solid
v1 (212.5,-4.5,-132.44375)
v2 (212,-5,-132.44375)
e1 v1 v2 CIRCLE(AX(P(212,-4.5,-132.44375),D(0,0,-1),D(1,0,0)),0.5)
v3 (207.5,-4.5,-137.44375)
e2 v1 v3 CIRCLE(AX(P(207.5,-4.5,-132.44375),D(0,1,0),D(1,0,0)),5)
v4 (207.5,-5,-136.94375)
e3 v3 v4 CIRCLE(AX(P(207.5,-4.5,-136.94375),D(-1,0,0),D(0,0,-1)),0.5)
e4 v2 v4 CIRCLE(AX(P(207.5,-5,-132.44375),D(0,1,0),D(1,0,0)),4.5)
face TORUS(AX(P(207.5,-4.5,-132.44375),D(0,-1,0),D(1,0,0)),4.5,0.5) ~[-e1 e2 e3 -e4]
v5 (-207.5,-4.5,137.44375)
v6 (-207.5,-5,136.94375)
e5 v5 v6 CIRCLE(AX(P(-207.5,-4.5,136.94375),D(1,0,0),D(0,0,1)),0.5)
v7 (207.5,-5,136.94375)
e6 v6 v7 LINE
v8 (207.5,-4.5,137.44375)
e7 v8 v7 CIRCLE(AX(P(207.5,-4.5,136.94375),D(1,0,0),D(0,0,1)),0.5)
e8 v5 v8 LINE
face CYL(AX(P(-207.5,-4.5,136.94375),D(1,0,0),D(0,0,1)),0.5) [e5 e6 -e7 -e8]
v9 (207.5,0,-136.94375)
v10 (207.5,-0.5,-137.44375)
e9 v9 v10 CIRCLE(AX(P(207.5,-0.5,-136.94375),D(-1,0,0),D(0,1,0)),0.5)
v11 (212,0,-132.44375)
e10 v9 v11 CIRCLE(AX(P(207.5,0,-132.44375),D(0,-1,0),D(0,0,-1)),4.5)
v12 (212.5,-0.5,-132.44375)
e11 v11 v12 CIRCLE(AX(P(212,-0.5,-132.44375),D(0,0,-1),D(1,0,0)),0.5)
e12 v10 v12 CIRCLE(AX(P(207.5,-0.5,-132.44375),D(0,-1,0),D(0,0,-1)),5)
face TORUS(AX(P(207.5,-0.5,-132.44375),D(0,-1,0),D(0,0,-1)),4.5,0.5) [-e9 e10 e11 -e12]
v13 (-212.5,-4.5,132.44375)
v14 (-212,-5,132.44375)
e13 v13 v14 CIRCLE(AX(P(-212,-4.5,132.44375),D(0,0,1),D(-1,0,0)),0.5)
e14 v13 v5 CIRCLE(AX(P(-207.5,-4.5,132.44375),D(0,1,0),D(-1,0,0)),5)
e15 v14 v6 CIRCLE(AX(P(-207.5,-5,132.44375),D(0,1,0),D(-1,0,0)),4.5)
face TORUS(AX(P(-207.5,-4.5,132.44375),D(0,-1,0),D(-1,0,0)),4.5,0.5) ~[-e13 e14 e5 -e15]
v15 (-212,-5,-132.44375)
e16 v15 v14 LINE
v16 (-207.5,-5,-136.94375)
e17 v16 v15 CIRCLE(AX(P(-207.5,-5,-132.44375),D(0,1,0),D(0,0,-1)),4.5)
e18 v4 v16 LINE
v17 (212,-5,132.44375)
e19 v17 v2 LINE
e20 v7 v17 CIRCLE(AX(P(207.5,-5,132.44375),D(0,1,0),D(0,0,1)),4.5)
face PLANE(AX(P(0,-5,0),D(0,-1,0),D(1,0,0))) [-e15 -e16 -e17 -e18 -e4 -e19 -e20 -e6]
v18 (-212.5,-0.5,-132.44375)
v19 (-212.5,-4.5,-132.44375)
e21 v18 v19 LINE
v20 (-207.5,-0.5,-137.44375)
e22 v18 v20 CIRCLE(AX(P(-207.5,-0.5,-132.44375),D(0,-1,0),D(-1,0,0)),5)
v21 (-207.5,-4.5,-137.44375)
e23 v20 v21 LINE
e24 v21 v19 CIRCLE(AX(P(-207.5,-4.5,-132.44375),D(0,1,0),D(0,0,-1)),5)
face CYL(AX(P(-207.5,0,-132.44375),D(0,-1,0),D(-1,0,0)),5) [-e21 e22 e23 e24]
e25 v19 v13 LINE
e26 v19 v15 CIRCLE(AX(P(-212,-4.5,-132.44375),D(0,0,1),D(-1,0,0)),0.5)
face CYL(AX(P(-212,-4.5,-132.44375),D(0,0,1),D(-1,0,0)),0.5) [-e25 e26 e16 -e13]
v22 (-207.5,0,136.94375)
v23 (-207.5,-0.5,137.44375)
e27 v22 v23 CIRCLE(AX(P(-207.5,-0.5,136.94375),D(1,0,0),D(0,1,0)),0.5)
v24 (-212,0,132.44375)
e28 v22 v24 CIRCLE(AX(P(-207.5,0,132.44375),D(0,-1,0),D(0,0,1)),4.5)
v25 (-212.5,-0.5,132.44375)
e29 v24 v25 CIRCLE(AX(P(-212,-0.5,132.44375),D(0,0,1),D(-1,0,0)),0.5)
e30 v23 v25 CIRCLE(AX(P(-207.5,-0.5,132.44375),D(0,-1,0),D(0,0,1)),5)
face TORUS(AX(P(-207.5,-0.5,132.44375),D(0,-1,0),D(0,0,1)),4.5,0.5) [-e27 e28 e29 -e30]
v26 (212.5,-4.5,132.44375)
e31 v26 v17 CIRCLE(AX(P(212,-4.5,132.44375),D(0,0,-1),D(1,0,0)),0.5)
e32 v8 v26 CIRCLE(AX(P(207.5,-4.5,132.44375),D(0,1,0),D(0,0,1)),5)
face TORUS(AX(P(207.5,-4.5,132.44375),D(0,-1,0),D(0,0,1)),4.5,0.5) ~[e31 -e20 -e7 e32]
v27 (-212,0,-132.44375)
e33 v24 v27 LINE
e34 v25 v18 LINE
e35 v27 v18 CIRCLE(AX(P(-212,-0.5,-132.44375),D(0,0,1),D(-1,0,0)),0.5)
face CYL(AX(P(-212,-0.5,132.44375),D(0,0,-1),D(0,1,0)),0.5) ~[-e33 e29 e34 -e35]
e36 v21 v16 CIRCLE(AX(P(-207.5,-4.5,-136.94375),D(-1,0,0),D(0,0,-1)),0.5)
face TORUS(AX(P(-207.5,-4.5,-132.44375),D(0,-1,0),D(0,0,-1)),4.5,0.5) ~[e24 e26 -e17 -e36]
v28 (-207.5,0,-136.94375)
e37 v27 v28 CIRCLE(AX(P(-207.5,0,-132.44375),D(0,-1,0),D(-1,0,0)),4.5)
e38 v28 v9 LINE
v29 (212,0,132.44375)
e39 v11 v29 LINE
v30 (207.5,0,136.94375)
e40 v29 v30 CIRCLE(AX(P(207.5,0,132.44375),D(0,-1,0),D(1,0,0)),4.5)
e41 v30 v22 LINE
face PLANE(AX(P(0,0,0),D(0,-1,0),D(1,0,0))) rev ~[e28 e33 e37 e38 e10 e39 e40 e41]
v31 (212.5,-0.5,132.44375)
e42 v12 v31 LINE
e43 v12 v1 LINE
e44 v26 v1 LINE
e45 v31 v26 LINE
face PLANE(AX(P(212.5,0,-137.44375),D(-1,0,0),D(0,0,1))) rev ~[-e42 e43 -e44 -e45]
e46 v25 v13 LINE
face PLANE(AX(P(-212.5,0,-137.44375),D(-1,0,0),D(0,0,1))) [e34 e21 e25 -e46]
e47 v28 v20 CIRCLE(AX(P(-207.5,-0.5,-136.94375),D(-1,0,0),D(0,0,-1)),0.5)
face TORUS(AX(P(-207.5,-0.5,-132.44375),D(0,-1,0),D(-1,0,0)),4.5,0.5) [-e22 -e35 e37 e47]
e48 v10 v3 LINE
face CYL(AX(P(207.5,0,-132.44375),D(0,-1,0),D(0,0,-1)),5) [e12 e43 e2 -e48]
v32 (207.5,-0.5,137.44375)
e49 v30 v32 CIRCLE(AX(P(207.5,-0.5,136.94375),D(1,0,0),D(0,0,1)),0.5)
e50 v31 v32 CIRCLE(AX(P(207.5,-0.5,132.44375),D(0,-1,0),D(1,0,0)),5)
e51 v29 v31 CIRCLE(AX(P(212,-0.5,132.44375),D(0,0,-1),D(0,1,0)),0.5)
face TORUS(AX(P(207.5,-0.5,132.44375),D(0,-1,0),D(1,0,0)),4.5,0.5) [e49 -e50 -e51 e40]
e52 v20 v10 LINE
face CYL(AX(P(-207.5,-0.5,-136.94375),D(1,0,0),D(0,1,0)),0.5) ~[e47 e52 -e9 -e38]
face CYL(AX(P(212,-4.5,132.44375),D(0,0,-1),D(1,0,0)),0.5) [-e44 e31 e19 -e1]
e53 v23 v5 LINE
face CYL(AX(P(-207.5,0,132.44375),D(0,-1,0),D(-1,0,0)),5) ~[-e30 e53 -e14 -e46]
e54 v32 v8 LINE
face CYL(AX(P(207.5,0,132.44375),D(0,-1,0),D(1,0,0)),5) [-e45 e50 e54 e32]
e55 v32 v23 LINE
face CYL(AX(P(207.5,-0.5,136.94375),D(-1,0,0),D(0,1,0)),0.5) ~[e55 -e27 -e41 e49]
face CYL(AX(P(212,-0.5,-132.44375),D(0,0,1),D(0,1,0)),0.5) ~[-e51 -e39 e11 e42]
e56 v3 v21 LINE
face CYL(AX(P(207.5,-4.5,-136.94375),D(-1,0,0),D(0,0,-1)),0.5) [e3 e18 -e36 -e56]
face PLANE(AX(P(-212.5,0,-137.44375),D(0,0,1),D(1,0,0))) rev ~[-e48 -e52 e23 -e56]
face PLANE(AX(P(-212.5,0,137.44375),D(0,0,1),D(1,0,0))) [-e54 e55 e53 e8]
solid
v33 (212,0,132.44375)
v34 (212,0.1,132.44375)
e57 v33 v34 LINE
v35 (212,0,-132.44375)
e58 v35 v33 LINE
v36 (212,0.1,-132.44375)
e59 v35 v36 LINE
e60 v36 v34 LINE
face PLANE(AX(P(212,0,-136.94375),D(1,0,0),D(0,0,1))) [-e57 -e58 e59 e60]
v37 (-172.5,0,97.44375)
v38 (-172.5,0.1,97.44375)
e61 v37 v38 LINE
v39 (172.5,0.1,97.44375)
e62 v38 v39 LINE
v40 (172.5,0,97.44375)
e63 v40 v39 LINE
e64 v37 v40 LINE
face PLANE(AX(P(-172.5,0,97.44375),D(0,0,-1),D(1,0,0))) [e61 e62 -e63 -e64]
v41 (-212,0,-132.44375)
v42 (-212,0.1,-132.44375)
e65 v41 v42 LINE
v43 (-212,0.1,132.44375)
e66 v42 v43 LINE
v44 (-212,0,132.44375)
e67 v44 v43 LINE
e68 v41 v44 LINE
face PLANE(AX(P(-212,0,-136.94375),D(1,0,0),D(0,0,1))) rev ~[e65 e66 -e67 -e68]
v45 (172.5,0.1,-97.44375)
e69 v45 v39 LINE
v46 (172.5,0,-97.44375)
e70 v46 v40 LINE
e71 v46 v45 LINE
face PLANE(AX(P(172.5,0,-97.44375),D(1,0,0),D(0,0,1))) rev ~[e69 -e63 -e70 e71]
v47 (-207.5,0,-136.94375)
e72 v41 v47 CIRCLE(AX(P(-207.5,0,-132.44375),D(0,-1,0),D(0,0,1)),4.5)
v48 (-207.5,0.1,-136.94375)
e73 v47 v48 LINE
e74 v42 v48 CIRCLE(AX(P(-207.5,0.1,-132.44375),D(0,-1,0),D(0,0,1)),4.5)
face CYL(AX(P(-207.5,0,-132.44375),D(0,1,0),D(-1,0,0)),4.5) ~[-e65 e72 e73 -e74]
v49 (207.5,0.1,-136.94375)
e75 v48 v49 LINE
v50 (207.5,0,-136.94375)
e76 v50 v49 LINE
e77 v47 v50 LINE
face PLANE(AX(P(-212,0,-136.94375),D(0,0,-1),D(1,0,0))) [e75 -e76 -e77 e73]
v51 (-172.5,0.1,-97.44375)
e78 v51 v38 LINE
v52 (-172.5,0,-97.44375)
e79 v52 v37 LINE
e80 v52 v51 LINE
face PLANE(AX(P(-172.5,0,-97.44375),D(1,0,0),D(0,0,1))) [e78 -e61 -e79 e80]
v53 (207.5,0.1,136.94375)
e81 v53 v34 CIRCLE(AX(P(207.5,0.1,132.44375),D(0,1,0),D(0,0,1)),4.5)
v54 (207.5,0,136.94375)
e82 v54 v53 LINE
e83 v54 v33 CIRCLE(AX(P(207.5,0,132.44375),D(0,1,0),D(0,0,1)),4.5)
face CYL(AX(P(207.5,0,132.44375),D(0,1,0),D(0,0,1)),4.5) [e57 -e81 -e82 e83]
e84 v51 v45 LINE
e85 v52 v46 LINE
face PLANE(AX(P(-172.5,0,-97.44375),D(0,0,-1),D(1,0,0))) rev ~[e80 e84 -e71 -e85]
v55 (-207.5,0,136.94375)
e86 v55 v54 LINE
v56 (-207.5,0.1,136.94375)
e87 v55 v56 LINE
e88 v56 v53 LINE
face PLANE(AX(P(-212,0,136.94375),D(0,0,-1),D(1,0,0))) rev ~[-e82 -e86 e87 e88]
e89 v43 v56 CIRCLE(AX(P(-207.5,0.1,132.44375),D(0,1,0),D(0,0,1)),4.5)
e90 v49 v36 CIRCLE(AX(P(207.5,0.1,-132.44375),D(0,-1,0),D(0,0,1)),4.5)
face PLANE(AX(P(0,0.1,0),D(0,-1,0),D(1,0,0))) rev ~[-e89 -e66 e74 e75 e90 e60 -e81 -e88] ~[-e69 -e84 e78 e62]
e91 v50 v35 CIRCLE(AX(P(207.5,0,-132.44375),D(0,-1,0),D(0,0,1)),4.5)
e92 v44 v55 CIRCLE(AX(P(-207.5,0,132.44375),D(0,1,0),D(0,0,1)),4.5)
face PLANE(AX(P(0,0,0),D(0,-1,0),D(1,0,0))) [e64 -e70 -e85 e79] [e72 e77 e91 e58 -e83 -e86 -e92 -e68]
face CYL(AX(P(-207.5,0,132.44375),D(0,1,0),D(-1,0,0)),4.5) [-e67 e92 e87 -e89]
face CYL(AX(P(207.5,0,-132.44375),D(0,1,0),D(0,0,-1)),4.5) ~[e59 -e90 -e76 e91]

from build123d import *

# Parameters (mm, degrees)
F0_W     = 425
F0_H     = 274.8874998557
F0_W_2   = 345
F0_H_2   = 194.8874998557
F1_DEPTH = 5
F2_R     = 5
F3_R     = 0.5
F4_W     = 424
F4_H     = 273.8874998557
F4_W_2   = 345
F4_H_2   = 194.8874998557
F5_DEPTH = 0.1
F6_R     = 4.5


with BuildPart() as f1:
    # F0 (on Front) → F1 (new body)
    with BuildSketch(Plane.XZ):
        Rectangle(F0_W, F0_H)
        Rectangle(F0_W_2, F0_H_2, mode=Mode.SUBTRACT)
        Rectangle(F0_W_2, F0_H_2)
    extrude(amount=F1_DEPTH)

    # F2
    f2_edges = [f1.edges().sort_by_distance(p)[0] for p in [
        (-212.5, -2.5, 137.44375),
        (212.5, -2.5, 137.44375),
        (-212.5, -2.5, -137.44375),
        (212.5, -2.5, -137.44375),
    ]]
    fillet(f2_edges, radius=F2_R)

    # F3
    f3_edges = [f1.edges().sort_by_distance(p)[0] for p in [
        (-212.5, -5, 0),
        (-211.035534, 0, -135.979284),
    ]]
    fillet(f3_edges, radius=F3_R)


with BuildPart() as f5:
    # F4 (on face) → F5 (new body)
    with BuildSketch(Plane.XZ):
        Rectangle(F4_W, F4_H)
        Rectangle(F4_W_2, F4_H_2, mode=Mode.SUBTRACT)
    extrude(amount=-F5_DEPTH)

    # F6
    f6_edges = [f5.edges().sort_by_distance(p)[0] for p in [
        (-212, 0.05, -136.94375),
        (212, 0.05, -136.94375),
        (212, 0.05, 136.94375),
        (-212, 0.05, 136.94375),
    ]]
    fillet(f6_edges, radius=F6_R)


solid = Compound([f1.part, f5.part])
